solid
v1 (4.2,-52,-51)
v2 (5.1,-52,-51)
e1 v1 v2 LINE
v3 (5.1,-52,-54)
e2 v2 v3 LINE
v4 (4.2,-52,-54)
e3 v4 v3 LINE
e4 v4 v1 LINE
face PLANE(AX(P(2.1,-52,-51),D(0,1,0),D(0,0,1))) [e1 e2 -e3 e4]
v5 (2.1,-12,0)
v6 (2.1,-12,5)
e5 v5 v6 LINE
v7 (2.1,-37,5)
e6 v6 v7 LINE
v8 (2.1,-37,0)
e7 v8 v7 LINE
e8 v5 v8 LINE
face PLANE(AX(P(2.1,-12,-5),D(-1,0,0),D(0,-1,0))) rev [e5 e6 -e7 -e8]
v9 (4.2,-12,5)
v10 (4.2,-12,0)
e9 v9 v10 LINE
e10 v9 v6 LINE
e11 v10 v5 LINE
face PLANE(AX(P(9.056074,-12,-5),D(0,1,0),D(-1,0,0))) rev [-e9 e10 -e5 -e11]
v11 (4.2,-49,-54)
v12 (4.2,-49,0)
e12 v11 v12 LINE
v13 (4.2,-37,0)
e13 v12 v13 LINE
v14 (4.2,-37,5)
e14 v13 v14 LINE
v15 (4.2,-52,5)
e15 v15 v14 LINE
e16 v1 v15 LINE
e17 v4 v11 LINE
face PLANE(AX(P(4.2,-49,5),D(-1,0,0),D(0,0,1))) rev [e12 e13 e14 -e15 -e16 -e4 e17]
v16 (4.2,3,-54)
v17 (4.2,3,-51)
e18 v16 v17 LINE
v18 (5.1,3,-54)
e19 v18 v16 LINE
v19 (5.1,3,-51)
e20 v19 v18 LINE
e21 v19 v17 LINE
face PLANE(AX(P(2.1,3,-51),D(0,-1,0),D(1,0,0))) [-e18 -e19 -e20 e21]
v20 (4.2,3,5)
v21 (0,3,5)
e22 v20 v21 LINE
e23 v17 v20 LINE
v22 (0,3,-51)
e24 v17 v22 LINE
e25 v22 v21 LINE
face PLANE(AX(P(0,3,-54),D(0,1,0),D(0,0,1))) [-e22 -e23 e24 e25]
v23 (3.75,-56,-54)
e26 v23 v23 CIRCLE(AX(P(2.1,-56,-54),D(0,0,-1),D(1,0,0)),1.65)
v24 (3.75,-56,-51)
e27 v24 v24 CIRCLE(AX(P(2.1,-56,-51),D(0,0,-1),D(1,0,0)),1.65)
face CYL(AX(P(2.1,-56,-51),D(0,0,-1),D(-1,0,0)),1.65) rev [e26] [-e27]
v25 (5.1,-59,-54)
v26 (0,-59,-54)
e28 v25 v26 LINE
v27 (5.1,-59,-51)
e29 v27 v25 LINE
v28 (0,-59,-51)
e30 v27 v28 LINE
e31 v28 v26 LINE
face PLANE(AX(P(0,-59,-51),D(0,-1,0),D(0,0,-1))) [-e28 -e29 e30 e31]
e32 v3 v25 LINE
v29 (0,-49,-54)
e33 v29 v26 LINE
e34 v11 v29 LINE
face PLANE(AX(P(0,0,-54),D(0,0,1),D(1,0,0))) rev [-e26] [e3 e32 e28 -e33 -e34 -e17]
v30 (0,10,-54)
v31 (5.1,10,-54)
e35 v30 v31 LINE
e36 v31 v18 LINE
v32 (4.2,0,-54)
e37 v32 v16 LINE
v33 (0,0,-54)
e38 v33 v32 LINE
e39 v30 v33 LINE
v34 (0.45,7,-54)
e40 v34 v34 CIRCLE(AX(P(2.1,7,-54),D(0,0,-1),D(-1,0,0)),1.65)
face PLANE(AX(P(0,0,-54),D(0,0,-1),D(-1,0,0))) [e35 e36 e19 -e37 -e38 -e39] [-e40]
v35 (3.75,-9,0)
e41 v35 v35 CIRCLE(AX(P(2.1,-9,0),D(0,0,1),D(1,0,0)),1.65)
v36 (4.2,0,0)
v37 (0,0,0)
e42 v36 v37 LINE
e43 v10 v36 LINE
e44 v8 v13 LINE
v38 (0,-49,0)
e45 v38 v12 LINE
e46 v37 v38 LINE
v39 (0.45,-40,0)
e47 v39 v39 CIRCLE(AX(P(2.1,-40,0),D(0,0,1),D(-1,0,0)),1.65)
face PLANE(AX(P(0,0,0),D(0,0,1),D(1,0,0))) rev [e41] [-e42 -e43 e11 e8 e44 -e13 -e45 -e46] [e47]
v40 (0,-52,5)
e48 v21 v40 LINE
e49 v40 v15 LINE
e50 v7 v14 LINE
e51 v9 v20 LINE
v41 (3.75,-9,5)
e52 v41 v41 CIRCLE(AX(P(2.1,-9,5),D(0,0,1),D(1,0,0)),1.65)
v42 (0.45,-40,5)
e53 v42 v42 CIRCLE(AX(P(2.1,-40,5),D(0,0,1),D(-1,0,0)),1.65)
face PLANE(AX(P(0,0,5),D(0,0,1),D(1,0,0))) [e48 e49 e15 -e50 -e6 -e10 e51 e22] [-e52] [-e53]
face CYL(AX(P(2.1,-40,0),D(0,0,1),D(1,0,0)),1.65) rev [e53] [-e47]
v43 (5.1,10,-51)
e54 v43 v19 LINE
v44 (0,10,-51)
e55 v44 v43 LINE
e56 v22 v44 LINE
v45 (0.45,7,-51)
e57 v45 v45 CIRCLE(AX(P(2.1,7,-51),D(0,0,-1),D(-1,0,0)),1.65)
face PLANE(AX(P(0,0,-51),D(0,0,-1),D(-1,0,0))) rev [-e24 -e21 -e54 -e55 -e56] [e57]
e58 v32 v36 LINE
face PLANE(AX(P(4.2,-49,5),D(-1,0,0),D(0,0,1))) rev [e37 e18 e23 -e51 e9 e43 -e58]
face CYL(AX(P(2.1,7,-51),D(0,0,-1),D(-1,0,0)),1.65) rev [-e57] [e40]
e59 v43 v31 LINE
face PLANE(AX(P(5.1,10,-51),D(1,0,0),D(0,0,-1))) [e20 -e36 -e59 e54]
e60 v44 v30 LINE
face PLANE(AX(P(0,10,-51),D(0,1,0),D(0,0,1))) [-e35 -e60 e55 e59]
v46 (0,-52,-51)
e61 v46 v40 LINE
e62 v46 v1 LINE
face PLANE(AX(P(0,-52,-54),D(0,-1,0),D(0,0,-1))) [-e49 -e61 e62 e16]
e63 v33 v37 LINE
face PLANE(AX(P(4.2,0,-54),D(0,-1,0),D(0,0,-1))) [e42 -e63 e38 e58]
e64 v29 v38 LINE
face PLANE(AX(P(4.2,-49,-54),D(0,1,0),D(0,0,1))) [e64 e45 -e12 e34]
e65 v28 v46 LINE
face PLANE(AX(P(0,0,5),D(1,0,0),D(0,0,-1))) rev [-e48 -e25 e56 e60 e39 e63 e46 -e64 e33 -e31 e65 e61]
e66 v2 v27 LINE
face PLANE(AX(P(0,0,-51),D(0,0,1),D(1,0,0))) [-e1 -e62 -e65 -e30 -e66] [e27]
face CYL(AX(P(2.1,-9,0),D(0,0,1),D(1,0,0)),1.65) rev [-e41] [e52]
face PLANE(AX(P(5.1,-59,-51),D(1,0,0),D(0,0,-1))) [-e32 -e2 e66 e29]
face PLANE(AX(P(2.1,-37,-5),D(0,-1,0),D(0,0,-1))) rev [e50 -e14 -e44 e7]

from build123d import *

# Parameters (mm, degrees)
SKETCH_1_W          = 4.2
SKETCH_1_H          = 49
EXTRUDE_1_DEPTH     = 5
SKETCH_5_R          = 1.65
CUT_EXTRUDE_2_DEPTH = 5
SKETCH_6_W          = 4.2
SKETCH_6_H          = 3
EXTRUDE_2_DEPTH     = 59
SKETCH_11_R         = 1.65
EXTRUDE_3_DEPTH     = 3
SKETCH_12_W         = 6.956074108
SKETCH_12_H         = 25
CUT_EXTRUDE_3_DEPTH = 10


with BuildPart() as part:
    # 草图1 → 凸台-拉伸1 (new body)
    with BuildSketch(Plane.XY):
        with Locations((2.1, -24.5)):
            Rectangle(SKETCH_1_W, SKETCH_1_H)
    extrude(amount=EXTRUDE_1_DEPTH)

    # 草图5 → 切除-拉伸2 (cut)
    with BuildSketch(Plane.XY.offset(5)):
        with Locations((2.1, -9)):
            Circle(SKETCH_5_R)
        with Locations(Location((2.1, -40, 0), (0, 0, 180))):
            Circle(SKETCH_5_R)
    extrude(amount=-CUT_EXTRUDE_2_DEPTH, mode=Mode.SUBTRACT)

    # 草图6 → 凸台-拉伸2 (add)
    with BuildSketch(Plane.XY.offset(5)):
        with Locations((2.1, -50.5)):
            Rectangle(SKETCH_6_W, SKETCH_6_H)
        with Locations((2.1, 1.5)):
            Rectangle(SKETCH_6_W, SKETCH_6_H)
    extrude(amount=-EXTRUDE_2_DEPTH)

    # 草图11 → 凸台-拉伸3 (add)
    # profile 1 of 2: a face of its own
    with BuildSketch(Plane(origin=(0, 0, -54), x_dir=(-1, 0, 0), z_dir=(0, 0, -1))):
        Polygon((-2.1, 3), (-5.1, 3), (-5.1, 10), (0, 10), (0, 3), align=None)
        with Locations((-2.1, 7)):
            Circle(SKETCH_11_R, mode=Mode.SUBTRACT)
    # profile 2 of 2: a face of its own
    with BuildSketch(Plane(origin=(0, 0, -54), x_dir=(-1, 0, 0), z_dir=(0, 0, -1))):
        Polygon((0, -59), (-5.1, -59), (-5.1, -52), (-2.1, -52), (0, -52), align=None)
        with Locations(Location((-2.1, -56, 0), (0, 0, 180))):
            Circle(SKETCH_11_R, mode=Mode.SUBTRACT)
    extrude(amount=-EXTRUDE_3_DEPTH)

    # 草图12 → 切除-拉伸3 (cut)
    with BuildSketch(Plane.XY.offset(5)):
        with Locations((5.578037054, -24.5)):
            Rectangle(SKETCH_12_W, SKETCH_12_H)
    extrude(amount=-CUT_EXTRUDE_3_DEPTH, mode=Mode.SUBTRACT)


solid = part.part
